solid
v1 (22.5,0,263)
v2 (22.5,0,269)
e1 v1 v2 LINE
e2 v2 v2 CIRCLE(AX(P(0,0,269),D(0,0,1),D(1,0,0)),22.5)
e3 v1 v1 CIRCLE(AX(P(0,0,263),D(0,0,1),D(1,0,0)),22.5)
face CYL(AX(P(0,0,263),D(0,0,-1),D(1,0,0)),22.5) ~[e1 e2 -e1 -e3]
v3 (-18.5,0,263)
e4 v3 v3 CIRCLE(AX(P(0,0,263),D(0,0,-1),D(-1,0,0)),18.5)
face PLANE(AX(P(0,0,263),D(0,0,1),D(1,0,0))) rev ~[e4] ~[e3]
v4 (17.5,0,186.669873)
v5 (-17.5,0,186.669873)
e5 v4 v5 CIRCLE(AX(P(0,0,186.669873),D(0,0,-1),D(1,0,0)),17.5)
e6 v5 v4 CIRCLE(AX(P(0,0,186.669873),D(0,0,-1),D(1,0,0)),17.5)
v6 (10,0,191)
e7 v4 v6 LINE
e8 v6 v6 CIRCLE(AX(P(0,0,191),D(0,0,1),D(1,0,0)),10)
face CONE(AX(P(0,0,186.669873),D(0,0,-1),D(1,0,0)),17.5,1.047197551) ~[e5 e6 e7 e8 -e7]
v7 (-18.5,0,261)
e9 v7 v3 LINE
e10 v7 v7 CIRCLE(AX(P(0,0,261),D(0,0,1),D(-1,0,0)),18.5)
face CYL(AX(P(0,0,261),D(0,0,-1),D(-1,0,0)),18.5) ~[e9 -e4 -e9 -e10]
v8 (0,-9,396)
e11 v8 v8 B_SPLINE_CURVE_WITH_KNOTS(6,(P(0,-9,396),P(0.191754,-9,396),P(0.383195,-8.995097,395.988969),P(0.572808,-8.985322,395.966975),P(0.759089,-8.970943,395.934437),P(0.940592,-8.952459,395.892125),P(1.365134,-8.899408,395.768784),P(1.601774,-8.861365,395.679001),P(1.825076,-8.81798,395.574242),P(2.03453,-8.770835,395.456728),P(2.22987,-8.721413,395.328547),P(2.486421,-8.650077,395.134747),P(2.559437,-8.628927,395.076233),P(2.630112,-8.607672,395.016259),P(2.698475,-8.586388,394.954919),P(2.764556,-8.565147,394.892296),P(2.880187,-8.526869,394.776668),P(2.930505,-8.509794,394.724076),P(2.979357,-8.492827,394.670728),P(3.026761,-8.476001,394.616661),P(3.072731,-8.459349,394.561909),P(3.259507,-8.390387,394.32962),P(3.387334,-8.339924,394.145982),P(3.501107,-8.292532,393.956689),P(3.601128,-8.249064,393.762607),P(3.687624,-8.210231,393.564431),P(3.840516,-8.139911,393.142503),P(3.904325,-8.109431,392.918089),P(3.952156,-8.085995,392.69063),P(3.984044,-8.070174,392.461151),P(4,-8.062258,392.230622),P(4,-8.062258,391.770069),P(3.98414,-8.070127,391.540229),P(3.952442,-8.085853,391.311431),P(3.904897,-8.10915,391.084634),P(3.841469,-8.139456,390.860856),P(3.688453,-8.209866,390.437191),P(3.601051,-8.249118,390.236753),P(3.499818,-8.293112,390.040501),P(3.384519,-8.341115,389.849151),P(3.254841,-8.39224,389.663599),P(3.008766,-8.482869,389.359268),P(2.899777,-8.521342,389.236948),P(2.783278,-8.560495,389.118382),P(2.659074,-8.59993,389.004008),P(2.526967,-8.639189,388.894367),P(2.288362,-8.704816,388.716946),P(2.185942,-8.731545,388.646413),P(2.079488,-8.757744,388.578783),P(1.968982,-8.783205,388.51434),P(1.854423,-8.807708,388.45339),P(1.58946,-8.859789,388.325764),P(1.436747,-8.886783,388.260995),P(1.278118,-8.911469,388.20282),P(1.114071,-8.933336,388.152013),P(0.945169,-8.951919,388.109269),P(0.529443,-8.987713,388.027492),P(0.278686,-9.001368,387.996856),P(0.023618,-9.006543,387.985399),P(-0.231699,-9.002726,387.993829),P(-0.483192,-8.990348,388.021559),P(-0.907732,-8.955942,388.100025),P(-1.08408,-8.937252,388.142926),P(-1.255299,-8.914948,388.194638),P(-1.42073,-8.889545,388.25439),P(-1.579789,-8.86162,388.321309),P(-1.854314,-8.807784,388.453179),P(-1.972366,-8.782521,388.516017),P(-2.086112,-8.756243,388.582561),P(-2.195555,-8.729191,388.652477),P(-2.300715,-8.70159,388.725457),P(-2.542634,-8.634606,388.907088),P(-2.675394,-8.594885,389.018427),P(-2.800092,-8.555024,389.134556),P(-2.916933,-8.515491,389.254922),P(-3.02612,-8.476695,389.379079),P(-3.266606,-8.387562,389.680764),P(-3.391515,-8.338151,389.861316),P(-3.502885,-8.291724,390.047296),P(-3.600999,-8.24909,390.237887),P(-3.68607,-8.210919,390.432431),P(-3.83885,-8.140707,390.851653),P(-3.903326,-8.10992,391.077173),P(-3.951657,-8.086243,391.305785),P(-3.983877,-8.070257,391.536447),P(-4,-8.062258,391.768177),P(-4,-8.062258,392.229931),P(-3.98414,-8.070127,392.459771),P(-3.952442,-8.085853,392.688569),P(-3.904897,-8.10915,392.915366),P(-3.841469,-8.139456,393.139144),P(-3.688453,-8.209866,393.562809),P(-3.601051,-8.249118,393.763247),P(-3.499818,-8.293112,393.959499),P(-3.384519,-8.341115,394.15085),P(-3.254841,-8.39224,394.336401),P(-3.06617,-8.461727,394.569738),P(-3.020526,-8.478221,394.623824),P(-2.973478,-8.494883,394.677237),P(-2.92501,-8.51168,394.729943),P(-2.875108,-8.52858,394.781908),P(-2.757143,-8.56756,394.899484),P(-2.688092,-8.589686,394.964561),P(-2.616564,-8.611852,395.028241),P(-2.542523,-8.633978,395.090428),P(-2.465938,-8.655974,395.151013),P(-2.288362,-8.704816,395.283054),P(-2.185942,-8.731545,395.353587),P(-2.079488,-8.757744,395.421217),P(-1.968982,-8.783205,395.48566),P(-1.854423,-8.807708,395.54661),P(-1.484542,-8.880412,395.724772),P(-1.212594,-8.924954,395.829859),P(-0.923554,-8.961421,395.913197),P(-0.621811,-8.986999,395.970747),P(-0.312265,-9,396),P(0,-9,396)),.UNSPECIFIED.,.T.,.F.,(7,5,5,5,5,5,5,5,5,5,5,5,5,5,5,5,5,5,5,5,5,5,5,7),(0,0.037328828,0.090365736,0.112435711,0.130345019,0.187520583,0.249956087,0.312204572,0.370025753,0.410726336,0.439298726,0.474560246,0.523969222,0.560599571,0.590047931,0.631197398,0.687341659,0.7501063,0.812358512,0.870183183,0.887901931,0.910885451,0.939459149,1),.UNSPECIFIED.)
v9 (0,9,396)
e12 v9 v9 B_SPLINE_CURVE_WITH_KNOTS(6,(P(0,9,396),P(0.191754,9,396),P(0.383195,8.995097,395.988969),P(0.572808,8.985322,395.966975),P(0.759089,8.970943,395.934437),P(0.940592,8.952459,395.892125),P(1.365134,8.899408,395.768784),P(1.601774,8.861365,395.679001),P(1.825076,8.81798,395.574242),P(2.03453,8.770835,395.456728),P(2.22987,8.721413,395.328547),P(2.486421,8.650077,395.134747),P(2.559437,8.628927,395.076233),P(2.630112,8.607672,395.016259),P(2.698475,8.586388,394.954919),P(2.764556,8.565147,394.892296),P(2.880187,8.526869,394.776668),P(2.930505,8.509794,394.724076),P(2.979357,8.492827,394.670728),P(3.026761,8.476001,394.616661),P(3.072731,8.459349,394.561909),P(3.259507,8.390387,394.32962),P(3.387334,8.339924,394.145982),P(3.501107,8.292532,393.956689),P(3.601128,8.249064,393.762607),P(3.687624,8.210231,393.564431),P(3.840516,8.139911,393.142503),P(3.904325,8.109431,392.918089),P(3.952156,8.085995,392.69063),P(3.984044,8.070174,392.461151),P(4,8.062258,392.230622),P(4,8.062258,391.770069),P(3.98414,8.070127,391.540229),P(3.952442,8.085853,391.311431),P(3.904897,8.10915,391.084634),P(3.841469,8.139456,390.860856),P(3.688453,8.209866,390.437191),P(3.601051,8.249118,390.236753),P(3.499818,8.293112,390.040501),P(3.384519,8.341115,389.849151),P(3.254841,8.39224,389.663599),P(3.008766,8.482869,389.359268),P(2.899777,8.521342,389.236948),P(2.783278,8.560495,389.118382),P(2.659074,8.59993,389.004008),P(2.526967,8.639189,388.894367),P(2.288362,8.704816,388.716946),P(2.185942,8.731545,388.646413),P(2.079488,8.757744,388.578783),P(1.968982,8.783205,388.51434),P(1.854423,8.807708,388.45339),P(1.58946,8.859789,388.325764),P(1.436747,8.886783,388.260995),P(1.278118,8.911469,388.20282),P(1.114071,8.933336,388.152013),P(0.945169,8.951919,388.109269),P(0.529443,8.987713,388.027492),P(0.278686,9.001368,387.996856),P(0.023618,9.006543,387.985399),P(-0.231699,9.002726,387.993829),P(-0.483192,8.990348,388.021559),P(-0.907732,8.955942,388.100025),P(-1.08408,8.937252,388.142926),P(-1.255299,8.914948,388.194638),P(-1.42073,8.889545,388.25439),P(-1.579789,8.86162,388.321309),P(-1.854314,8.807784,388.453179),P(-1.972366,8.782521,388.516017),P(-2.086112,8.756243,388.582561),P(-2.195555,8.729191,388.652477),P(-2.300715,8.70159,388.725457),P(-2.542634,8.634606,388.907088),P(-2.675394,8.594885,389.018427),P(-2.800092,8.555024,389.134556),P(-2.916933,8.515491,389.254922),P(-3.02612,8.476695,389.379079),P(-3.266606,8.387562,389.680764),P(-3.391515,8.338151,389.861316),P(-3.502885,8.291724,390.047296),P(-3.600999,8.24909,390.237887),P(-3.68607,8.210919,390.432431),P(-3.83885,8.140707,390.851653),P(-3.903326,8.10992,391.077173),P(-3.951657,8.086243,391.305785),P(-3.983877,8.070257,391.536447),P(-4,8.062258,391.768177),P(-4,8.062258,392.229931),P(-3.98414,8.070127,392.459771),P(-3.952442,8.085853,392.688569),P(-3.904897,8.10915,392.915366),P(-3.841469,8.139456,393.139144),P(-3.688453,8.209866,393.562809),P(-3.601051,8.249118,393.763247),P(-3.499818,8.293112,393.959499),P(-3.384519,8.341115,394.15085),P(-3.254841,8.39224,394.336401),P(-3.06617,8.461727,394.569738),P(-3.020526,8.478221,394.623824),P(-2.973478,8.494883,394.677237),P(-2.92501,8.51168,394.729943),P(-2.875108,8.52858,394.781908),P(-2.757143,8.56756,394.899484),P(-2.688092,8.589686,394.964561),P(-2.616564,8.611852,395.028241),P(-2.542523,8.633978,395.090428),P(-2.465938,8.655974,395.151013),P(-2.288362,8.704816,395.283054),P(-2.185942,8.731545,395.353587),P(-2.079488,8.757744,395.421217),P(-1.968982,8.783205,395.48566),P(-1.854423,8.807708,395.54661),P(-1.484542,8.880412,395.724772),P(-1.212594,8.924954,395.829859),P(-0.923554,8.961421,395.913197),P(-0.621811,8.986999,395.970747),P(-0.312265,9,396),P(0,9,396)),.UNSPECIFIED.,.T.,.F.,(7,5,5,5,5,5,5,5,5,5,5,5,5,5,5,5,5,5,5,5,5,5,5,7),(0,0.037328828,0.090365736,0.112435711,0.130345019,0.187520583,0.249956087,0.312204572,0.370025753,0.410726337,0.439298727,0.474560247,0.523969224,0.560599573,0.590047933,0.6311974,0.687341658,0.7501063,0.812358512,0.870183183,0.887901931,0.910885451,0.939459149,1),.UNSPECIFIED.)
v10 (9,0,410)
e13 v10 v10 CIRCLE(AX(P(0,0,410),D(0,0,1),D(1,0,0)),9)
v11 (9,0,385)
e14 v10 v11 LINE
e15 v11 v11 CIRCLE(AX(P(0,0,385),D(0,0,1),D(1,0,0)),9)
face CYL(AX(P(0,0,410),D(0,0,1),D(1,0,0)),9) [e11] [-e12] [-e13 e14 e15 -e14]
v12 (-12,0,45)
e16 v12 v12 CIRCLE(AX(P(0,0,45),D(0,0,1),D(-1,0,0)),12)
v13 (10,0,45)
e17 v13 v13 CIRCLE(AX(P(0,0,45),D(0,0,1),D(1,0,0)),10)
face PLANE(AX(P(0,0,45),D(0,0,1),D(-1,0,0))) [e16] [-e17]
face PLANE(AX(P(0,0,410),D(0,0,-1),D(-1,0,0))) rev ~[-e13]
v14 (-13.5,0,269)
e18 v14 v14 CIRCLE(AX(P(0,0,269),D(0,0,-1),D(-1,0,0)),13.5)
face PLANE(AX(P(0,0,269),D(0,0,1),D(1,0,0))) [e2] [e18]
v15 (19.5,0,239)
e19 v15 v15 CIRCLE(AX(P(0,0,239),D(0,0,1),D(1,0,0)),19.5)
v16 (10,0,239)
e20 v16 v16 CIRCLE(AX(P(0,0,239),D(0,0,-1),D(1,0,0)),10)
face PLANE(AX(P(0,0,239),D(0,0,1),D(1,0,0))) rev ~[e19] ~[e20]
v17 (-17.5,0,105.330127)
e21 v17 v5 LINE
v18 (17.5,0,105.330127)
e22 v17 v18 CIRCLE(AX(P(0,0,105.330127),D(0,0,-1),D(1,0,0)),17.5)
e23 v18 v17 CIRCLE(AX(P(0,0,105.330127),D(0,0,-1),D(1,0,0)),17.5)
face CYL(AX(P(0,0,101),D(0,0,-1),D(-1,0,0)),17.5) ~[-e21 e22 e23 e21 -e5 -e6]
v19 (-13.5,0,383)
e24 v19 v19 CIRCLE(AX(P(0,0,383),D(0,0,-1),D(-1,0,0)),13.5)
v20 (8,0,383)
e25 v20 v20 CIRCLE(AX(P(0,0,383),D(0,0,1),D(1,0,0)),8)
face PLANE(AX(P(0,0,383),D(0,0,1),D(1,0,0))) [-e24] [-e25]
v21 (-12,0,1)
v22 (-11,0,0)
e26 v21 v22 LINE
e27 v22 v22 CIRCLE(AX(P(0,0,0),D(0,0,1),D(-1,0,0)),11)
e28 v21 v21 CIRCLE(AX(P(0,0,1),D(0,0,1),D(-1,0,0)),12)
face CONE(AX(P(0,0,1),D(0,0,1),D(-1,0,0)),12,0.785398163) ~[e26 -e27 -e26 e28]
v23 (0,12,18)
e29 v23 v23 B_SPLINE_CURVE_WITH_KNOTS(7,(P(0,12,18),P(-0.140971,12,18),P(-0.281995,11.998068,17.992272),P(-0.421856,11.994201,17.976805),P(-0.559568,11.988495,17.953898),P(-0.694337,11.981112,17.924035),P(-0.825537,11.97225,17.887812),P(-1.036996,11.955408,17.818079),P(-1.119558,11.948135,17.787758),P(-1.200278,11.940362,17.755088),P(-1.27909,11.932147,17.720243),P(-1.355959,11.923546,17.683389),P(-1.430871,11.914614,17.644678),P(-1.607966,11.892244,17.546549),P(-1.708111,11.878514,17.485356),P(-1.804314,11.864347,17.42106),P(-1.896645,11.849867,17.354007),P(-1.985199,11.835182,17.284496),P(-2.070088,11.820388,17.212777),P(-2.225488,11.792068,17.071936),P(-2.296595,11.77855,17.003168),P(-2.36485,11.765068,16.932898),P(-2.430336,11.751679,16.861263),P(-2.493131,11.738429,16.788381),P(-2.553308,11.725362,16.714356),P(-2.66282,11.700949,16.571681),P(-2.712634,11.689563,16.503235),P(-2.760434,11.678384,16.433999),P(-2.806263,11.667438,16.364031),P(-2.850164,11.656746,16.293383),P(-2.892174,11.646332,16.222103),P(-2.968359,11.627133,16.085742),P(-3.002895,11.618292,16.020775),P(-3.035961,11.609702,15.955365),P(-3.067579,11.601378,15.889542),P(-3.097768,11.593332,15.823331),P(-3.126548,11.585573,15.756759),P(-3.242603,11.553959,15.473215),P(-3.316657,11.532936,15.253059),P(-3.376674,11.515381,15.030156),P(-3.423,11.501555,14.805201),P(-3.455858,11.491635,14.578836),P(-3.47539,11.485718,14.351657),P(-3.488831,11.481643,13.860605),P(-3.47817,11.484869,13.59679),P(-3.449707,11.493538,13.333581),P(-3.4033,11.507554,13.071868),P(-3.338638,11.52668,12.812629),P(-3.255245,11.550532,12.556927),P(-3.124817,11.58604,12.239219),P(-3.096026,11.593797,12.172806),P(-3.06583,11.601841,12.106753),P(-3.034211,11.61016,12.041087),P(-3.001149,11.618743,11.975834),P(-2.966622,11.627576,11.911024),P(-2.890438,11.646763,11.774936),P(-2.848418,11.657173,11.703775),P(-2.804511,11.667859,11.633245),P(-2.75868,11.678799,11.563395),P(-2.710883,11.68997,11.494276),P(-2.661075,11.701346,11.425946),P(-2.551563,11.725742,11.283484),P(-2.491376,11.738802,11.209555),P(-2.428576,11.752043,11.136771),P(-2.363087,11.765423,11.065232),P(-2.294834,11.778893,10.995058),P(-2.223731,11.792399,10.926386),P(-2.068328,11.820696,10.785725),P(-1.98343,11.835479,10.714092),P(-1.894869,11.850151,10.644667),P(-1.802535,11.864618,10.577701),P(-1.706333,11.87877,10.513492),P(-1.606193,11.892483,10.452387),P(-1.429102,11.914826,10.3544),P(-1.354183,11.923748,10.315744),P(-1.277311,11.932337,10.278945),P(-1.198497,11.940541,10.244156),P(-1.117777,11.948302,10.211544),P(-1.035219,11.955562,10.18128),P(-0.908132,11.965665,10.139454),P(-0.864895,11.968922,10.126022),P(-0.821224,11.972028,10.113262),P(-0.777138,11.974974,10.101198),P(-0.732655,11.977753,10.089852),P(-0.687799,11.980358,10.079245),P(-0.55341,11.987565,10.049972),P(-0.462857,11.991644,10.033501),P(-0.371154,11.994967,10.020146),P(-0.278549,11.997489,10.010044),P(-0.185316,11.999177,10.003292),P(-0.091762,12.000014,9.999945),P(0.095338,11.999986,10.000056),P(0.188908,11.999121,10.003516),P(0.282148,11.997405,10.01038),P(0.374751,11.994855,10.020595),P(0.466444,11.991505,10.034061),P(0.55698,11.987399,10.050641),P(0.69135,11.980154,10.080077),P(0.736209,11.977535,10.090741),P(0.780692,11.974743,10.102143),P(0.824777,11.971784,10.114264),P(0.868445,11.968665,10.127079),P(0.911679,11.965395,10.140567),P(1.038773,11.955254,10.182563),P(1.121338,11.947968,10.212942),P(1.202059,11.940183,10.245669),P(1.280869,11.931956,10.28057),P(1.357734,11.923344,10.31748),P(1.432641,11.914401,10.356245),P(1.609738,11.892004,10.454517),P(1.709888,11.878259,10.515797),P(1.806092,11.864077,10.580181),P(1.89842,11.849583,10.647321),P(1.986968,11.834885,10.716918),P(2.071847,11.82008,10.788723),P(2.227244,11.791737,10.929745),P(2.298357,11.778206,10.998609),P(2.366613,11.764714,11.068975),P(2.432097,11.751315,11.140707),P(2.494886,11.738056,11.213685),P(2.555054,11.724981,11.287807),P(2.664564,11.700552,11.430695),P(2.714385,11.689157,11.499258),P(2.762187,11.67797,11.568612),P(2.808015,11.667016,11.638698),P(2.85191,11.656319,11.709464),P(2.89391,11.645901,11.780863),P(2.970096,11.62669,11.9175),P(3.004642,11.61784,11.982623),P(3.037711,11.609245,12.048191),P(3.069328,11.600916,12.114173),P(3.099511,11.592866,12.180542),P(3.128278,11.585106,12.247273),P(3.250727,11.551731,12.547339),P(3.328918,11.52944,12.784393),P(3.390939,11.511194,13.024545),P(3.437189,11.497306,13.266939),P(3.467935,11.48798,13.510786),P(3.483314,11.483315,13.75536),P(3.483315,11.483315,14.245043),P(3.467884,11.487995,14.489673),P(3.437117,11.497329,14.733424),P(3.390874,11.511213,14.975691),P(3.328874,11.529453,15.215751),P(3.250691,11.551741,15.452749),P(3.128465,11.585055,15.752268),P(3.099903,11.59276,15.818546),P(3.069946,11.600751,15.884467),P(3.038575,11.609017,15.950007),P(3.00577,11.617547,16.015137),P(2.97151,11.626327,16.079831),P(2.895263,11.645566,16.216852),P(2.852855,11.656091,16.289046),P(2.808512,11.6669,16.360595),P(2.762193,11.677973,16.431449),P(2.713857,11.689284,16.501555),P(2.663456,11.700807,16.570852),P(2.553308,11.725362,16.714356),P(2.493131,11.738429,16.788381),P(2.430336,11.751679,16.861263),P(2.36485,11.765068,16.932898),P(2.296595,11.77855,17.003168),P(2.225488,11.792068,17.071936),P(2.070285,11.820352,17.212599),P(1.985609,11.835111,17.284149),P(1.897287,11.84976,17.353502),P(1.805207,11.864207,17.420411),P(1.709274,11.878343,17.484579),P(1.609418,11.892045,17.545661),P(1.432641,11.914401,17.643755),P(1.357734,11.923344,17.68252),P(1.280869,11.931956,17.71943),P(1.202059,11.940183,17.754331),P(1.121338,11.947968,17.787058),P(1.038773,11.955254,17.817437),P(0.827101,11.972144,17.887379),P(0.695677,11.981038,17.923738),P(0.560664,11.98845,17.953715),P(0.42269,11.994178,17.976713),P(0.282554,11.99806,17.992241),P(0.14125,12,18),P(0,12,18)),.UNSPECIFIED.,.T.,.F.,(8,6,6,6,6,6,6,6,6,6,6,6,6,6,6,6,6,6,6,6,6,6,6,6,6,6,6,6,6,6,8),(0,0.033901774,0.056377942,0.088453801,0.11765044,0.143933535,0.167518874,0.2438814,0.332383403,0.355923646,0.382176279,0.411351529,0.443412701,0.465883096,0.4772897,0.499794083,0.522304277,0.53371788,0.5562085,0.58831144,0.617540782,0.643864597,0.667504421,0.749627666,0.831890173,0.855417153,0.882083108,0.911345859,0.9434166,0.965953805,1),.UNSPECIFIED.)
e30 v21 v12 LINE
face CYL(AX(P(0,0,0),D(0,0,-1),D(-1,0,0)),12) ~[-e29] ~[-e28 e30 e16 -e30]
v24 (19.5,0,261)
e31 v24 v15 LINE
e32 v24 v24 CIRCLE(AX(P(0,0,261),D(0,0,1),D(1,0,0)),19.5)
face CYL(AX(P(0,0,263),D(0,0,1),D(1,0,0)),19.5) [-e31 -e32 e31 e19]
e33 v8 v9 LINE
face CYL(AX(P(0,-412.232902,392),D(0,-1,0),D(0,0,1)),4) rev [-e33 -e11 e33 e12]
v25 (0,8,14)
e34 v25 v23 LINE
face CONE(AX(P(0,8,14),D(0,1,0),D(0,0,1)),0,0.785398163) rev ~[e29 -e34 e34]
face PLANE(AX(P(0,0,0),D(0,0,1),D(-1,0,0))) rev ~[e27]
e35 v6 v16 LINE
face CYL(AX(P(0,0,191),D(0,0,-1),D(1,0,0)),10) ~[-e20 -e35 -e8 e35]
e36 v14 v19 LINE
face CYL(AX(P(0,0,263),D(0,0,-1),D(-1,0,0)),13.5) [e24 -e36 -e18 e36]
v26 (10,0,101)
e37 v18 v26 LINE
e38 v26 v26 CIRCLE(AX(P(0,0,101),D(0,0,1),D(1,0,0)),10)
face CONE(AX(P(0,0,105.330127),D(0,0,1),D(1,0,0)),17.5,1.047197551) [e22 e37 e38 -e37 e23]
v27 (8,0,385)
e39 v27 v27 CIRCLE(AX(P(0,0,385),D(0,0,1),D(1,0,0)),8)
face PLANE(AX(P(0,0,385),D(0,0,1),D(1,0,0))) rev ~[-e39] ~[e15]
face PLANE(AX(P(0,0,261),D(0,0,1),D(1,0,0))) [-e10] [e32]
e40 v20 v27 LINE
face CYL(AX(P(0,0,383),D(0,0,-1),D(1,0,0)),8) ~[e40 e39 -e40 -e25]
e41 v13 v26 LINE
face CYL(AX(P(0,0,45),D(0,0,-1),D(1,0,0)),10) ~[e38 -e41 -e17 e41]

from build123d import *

# Parameters (mm, degrees)
SKETCH_1_R               = 12
EXTRUDE_1_DEPTH          = 45
SKETCH_2_R               = 10
EXTRUDE_2_DEPTH          = 56
SKETCH_3_R               = 17.5
EXTRUDE_3_DEPTH          = 90
SKETCH_4_R               = 10
EXTRUDE_4_DEPTH          = 72
SKETCH_5_R               = 19.5
EXTRUDE_5_DEPTH          = 24
CUT_EXTRUDE_1_DEPTH      = 265.441865067
CUT_EXTRUDE_1_DEPTH_BACK = 2
SKETCH_6_OUTSIDE_W       = 94.744
SKETCH_6_OUTSIDE_H       = 94.744
SKETCH_6_OUTSIDE_R       = 18.5
SKETCH_7_R               = 22.5
EXTRUDE_6_DEPTH          = 6
SKETCH_8_R               = 13.5
EXTRUDE_7_DEPTH          = 147
SKETCH_10_OUTSIDE_W      = 129.982
SKETCH_10_OUTSIDE_H      = 129.982
SKETCH_10_OUTSIDE_R      = 9
CUT_EXTRUDE_2_DEPTH      = 27
SKETCH_11_OUTSIDE_W      = 129.982
SKETCH_11_OUTSIDE_H      = 129.982
SKETCH_11_OUTSIDE_R      = 8
CUT_EXTRUDE_3_DEPTH      = 2
CHAMFER_1_SIZE           = 1
CUT_EXTRUDE_4_DEPTH      = 412.23290238
CUT_EXTRUDE_4_DEPTH_BACK = 412.23290238
SKETCH_15_R              = 4


with BuildPart() as part:
    # 草图1 → 凸台-拉伸1 (new body)
    with BuildSketch(Plane.XY):
        with Locations(Location((0, 0, 0), (0, 0, 180))):
            Circle(SKETCH_1_R)
    extrude(amount=EXTRUDE_1_DEPTH)

    # 草图2 → 凸台-拉伸2 (add)
    with BuildSketch(Plane.XY.offset(45)):
        Circle(SKETCH_2_R)
    extrude(amount=EXTRUDE_2_DEPTH)

    # 草图3 → 凸台-拉伸3 (add)
    with BuildSketch(Plane.XY.offset(101)):
        with Locations(Location((0, 0, 0), (0, 0, 180))):
            Circle(SKETCH_3_R)
    extrude(amount=EXTRUDE_3_DEPTH)

    # 草图4 → 凸台-拉伸4 (add)
    with BuildSketch(Plane.XY.offset(191)):
        Circle(SKETCH_4_R)
    extrude(amount=EXTRUDE_4_DEPTH)

    # 草图5 → 凸台-拉伸5 (add)
    with BuildSketch(Plane.XY.offset(263)):
        Circle(SKETCH_5_R)
    extrude(amount=-EXTRUDE_5_DEPTH)

    # 草图6 outside → 切除-拉伸1 (cut, two sides: drawn at the far end of the back side and taken through both)
    with BuildSketch(Plane.XY.offset(263).offset(-CUT_EXTRUDE_1_DEPTH_BACK)):
        Rectangle(SKETCH_6_OUTSIDE_W, SKETCH_6_OUTSIDE_H)
        with Locations(Location((0, 0, 0), (0, 0, 180))):
            Circle(SKETCH_6_OUTSIDE_R, mode=Mode.SUBTRACT)
    extrude(amount=CUT_EXTRUDE_1_DEPTH + CUT_EXTRUDE_1_DEPTH_BACK, mode=Mode.SUBTRACT)

    # 草图7 → 凸台-拉伸6 (add)
    with BuildSketch(Plane.XY.offset(263)):
        Circle(SKETCH_7_R)
    extrude(amount=EXTRUDE_6_DEPTH)

    # 草图8 → 凸台-拉伸7 (add)
    with BuildSketch(Plane(origin=(0, 0, 263), x_dir=(-1, 0, 0), z_dir=(0, 0, -1))):
        Circle(SKETCH_8_R)
    extrude(amount=-EXTRUDE_7_DEPTH)

    # 草图10 outside → 切除-拉伸2 (cut)
    with BuildSketch(Plane.XY.offset(410)):
        Rectangle(SKETCH_10_OUTSIDE_W, SKETCH_10_OUTSIDE_H)
        Circle(SKETCH_10_OUTSIDE_R, mode=Mode.SUBTRACT)
    extrude(amount=-CUT_EXTRUDE_2_DEPTH, mode=Mode.SUBTRACT)

    # 草图11 outside → 切除-拉伸3 (cut)
    with BuildSketch(Plane.XY.offset(383)):
        Rectangle(SKETCH_11_OUTSIDE_W, SKETCH_11_OUTSIDE_H)
        Circle(SKETCH_11_OUTSIDE_R, mode=Mode.SUBTRACT)
    extrude(amount=CUT_EXTRUDE_3_DEPTH, mode=Mode.SUBTRACT)

    # 草图12 → 切除-旋转1 (revolve, cut)
    with BuildSketch(Plane(origin=(0, 0, 0), x_dir=(0, 0, -1), z_dir=(1, 0, 0)), mode=Mode.PRIVATE) as cut_revolve_1_sk:
        Polygon((-105.330127019, 17.5), (-101, 10), (-101, 17.5), align=None)
        Polygon((-191, 10), (-191, 17.5), (-186.669872981, 17.5), align=None)
    revolve(cut_revolve_1_sk.sketch.rotate(Axis((0, 0, 181.277430572), (0, 0, -1)), 90), axis=Axis((0, 0, 181.277430572), (0, 0, -1)), mode=Mode.SUBTRACT)

    # 倒角1
    chamfer_1_edges = [part.edges().sort_by_distance(p)[0] for p in [
        (12, 0, 0),
    ]]
    chamfer(chamfer_1_edges, length=CHAMFER_1_SIZE)

    # 草图14 → 切除-旋转2 (revolve, cut)
    with BuildSketch(Plane(origin=(0, 0, 0), x_dir=(0, 0, -1), z_dir=(1, 0, 0))):
        Polygon((-14, 8), (-23.293093205, 17.293093205), (-14, 17.293093205), align=None)
    revolve(axis=Axis((0, -18.394712119, 14), (0, 1, 0)), mode=Mode.SUBTRACT)

    # 草图15 → 切除-拉伸4 (cut, two sides: drawn at the far end of the back side and taken through both)
    with BuildSketch(Plane(origin=(0, 0, 0), x_dir=(1, 0, 0), z_dir=(0, 1, 0)).offset(-CUT_EXTRUDE_4_DEPTH_BACK)):
        with Locations(Location((0, -392, 0), (0, 0, 270))):
            Circle(SKETCH_15_R)
    extrude(amount=CUT_EXTRUDE_4_DEPTH + CUT_EXTRUDE_4_DEPTH_BACK, mode=Mode.SUBTRACT)


solid = part.part
